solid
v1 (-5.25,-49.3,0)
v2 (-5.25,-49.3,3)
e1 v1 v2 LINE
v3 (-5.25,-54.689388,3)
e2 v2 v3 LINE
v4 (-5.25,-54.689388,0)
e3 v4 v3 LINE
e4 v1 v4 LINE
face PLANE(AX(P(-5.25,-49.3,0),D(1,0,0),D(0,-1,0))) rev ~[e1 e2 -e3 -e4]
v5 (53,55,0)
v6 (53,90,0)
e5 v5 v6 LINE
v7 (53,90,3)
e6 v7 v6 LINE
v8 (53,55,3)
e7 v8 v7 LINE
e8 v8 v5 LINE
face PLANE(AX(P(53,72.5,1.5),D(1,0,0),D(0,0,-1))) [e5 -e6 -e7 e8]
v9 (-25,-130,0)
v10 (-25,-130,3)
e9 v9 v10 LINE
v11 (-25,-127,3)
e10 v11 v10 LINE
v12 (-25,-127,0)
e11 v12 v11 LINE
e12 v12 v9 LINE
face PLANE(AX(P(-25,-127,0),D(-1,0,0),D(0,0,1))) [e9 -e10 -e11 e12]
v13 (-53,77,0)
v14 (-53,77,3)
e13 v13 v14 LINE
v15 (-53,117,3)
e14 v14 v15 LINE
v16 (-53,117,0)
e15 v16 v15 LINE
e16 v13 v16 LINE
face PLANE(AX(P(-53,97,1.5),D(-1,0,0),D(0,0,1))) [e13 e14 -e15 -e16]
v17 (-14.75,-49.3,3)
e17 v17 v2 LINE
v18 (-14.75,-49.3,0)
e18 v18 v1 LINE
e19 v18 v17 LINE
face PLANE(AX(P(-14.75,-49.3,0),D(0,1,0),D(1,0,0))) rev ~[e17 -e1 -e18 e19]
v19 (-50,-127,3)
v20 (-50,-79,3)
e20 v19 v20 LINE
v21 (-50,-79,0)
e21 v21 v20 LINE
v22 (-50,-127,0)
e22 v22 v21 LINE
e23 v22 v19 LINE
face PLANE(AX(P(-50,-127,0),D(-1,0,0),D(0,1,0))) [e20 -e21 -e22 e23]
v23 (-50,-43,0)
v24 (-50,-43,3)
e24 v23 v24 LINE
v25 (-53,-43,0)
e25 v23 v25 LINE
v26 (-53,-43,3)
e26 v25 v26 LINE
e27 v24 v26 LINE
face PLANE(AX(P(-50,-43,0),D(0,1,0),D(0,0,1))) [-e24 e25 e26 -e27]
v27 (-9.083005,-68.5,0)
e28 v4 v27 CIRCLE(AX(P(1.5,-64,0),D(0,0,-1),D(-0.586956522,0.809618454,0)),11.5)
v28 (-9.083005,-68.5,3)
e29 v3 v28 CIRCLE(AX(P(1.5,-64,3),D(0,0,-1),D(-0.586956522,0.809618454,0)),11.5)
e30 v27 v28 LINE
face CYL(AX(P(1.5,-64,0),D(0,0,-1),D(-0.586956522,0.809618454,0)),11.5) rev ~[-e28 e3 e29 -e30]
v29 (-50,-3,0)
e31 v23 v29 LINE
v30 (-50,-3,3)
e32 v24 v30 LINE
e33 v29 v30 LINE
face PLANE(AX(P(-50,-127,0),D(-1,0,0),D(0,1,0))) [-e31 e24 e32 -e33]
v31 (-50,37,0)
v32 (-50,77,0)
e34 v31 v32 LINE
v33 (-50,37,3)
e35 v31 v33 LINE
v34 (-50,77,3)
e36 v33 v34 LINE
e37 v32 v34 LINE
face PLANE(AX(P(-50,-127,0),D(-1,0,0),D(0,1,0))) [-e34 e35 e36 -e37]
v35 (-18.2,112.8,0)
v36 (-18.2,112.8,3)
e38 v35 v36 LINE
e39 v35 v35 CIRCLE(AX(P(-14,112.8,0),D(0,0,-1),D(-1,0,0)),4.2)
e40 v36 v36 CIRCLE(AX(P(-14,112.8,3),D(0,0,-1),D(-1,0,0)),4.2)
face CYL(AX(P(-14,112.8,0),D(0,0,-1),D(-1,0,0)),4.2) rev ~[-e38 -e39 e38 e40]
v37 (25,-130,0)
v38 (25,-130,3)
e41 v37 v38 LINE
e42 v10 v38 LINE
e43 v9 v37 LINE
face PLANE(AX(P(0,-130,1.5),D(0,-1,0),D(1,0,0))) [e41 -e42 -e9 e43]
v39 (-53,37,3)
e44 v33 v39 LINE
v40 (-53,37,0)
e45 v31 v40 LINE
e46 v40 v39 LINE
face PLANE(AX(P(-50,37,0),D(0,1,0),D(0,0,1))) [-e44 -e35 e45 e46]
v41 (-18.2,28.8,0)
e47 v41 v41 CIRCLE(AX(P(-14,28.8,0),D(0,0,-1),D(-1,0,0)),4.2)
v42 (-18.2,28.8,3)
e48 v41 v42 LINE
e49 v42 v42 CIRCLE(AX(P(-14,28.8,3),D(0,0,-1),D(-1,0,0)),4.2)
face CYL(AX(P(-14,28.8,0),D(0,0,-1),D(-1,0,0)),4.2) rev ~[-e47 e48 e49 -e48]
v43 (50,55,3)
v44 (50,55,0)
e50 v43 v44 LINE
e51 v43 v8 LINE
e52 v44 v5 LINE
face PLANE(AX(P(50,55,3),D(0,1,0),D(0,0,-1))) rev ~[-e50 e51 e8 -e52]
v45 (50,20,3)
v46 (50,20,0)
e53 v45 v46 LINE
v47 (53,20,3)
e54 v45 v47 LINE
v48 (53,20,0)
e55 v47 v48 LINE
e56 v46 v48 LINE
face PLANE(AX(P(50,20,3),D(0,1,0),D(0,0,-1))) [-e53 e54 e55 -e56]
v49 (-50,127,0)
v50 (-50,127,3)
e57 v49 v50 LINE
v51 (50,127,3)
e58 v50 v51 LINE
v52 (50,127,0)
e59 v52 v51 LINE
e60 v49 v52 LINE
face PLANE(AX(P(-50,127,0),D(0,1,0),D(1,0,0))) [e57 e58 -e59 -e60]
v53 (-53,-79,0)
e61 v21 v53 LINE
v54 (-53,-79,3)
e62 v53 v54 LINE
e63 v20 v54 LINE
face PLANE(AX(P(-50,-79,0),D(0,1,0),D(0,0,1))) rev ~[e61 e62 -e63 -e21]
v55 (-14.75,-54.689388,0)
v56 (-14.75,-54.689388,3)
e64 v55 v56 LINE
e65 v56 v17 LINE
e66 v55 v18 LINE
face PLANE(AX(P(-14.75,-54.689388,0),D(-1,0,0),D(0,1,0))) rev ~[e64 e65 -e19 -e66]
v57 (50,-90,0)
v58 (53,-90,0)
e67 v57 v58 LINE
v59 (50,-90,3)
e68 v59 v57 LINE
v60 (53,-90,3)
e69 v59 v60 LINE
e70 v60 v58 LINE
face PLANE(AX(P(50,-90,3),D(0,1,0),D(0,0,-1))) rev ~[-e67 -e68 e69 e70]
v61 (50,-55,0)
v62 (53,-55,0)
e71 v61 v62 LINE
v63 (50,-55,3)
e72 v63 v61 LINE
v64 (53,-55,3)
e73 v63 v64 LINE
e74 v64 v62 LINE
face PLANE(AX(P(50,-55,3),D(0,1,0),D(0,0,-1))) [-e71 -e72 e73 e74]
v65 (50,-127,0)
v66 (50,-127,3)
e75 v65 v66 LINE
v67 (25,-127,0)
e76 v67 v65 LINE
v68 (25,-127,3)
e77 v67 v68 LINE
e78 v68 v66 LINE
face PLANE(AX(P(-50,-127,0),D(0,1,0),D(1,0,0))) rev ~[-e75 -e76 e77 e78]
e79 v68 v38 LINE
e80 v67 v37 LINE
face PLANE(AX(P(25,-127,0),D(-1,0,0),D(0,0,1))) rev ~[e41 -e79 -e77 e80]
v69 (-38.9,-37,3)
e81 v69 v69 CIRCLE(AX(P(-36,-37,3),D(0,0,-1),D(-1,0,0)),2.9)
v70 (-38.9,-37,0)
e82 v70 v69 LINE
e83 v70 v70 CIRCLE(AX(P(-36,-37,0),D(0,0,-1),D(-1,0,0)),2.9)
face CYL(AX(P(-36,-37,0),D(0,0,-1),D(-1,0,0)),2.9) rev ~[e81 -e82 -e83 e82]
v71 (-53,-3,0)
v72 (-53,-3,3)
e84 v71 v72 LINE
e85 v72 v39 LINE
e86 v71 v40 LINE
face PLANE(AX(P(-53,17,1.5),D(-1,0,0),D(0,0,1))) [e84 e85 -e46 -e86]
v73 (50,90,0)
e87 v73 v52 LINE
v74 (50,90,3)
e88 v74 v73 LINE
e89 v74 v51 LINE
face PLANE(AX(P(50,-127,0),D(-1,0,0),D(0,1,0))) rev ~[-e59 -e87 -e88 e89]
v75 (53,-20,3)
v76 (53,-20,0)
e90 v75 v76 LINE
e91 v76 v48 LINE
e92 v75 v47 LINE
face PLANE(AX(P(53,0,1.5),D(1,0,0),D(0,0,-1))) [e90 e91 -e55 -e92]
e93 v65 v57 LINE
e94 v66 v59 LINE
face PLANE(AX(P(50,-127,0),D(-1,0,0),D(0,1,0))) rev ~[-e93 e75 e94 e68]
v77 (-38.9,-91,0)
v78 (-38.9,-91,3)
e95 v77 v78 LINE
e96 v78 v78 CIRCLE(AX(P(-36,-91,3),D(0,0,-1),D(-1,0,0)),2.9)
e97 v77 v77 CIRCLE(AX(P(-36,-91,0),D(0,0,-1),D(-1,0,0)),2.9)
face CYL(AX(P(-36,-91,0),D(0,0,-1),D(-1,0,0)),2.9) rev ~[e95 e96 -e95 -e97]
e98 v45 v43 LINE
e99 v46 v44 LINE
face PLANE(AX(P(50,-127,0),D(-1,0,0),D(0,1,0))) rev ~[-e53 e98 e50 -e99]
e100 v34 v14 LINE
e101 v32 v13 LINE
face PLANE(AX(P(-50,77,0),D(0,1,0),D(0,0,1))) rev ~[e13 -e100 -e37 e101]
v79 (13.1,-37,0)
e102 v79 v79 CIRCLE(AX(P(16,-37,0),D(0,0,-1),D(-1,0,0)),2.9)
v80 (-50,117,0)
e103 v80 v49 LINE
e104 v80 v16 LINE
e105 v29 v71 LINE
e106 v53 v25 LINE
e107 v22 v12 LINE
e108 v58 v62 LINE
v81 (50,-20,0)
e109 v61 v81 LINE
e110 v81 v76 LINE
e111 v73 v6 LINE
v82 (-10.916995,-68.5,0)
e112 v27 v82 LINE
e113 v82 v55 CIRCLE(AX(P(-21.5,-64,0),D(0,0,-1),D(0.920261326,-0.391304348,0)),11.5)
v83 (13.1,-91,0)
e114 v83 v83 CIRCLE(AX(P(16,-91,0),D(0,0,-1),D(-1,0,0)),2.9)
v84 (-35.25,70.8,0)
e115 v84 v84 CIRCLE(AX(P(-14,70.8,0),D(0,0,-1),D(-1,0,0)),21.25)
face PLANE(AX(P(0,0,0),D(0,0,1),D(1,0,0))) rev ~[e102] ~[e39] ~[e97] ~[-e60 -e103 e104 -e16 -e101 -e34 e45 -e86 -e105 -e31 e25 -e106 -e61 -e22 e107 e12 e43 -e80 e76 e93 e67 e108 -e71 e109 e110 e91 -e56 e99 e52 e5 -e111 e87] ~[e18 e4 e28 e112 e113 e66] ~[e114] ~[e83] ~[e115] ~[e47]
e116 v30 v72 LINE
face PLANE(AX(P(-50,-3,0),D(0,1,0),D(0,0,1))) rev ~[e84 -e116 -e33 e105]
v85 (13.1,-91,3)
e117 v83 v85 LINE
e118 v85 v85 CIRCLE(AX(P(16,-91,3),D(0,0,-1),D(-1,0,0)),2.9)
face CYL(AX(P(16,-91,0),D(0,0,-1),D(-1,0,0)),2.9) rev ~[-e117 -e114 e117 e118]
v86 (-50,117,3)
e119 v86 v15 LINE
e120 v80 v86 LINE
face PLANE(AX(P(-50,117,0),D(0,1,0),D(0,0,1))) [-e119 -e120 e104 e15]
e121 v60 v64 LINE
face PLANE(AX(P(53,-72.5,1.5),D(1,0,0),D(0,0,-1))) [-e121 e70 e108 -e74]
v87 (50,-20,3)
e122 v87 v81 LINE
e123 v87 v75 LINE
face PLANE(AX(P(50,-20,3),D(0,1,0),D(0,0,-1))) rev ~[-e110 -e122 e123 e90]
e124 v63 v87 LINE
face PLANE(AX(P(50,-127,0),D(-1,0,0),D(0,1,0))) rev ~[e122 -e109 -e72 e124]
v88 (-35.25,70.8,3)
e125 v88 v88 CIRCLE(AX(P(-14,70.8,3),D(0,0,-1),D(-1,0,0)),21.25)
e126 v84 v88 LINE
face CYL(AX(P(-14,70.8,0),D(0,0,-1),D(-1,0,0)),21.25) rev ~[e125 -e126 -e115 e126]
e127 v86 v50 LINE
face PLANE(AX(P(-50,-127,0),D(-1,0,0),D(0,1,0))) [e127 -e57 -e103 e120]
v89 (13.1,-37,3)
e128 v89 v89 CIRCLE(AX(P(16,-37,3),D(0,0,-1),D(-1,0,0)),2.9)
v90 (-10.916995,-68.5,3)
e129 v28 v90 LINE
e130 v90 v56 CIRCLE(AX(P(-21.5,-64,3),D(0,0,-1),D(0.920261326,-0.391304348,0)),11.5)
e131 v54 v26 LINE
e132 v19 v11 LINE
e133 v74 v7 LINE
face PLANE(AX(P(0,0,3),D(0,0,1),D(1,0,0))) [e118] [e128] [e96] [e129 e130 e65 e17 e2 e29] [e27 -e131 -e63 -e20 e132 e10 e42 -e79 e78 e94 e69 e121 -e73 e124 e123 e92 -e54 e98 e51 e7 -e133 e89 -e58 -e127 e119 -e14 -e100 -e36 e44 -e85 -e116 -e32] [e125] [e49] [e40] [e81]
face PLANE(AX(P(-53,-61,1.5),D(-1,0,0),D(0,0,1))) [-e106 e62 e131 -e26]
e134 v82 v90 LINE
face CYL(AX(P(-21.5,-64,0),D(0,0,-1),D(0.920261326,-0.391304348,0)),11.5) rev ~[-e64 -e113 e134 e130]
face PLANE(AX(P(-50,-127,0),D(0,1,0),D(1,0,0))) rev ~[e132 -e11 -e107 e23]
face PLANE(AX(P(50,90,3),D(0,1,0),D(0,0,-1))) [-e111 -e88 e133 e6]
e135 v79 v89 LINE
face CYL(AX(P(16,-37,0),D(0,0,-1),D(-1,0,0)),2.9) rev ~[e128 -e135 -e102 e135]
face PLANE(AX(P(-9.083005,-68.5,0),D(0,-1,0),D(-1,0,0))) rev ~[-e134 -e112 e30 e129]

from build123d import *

# Parameters (mm, degrees)
SKETCH1_W           = 100
SKETCH1_H           = 254
BOSS_EXTRUDE1_DEPTH = 3
SKETCH2_W           = 50
SKETCH2_H           = 3
BOSS_EXTRUDE2_DEPTH = 3
SKETCH3_W           = 3
SKETCH3_H           = 35
SKETCH3_H_2         = 40
BOSS_EXTRUDE3_DEPTH = 3
SKETCH4_R           = 4.2
SKETCH4_R_2         = 21.25
SKETCH4_R_3         = 2.9
CUT_EXTRUDE1_DEPTH  = 3
SKETCH5_W           = 3
SKETCH5_H           = 36
SKETCH5_H_2         = 40
BOSS_EXTRUDE4_DEPTH = 3


with BuildPart() as part:
    # Sketch1 → Boss-Extrude1 (new body)
    with BuildSketch(Plane.XY):
        Rectangle(SKETCH1_W, SKETCH1_H)
    extrude(amount=BOSS_EXTRUDE1_DEPTH)

    # Sketch2 → Boss-Extrude2 (add)
    with BuildSketch(Plane.XZ.offset(127)):
        with Locations((0, 1.5)):
            Rectangle(SKETCH2_W, SKETCH2_H)
    extrude(amount=BOSS_EXTRUDE2_DEPTH)

    # Sketch3 → Boss-Extrude3 (add)
    with BuildSketch(Plane(origin=(50, 0, 0), x_dir=(0, 0, -1), z_dir=(1, 0, 0))):
        with Locations((-1.5, 72.5)):
            Rectangle(SKETCH3_W, SKETCH3_H)
        with Locations((-1.5, 0)):
            Rectangle(SKETCH3_W, SKETCH3_H_2)
        with Locations((-1.5, -72.5)):
            Rectangle(SKETCH3_W, SKETCH3_H)
    extrude(amount=BOSS_EXTRUDE3_DEPTH)

    # Sketch4 → Cut-Extrude1 (cut)
    with BuildSketch(Plane(origin=(0, 0, 0), x_dir=(-1, 0, 0), z_dir=(0, 0, -1))):
        with Locations((14, 112.8)):
            Circle(SKETCH4_R)
        with Locations((14, 70.8)):
            Circle(SKETCH4_R_2)
        with Locations((14, 28.8)):
            Circle(SKETCH4_R)
        with Locations((-16, -37)):
            Circle(SKETCH4_R_3)
        with Locations((36, -37)):
            Circle(SKETCH4_R_3)
        with Locations((36, -91)):
            Circle(SKETCH4_R_3)
        with Locations((-16, -91)):
            Circle(SKETCH4_R_3)
        with BuildLine():
            Line((9.083005244, -68.5), (10.916994756, -68.5))
            ThreePointArc((10.916994756, -68.5), (32.581133525, -67.075464159), (14.75, -54.689387775))
            Line((14.75, -54.689387775), (14.75, -49.3))
            Line((14.75, -49.3), (10, -49.3))
            Line((10, -49.3), (5.25, -49.3))
            Line((5.25, -49.3), (5.25, -54.689387775))
            ThreePointArc((5.25, -54.689387775), (-12.581133525, -67.075464159), (9.083005244, -68.5))
        make_face()
    extrude(amount=-CUT_EXTRUDE1_DEPTH, mode=Mode.SUBTRACT)

    # Sketch5 → Boss-Extrude4 (add)
    with BuildSketch(Plane.ZY.offset(50)):
        with Locations((1.5, -61)):
            Rectangle(SKETCH5_W, SKETCH5_H)
        with Locations((1.5, 17)):
            Rectangle(SKETCH5_W, SKETCH5_H_2)
        with Locations((1.5, 97)):
            Rectangle(SKETCH5_W, SKETCH5_H_2)
    extrude(amount=BOSS_EXTRUDE4_DEPTH)


solid = part.part
